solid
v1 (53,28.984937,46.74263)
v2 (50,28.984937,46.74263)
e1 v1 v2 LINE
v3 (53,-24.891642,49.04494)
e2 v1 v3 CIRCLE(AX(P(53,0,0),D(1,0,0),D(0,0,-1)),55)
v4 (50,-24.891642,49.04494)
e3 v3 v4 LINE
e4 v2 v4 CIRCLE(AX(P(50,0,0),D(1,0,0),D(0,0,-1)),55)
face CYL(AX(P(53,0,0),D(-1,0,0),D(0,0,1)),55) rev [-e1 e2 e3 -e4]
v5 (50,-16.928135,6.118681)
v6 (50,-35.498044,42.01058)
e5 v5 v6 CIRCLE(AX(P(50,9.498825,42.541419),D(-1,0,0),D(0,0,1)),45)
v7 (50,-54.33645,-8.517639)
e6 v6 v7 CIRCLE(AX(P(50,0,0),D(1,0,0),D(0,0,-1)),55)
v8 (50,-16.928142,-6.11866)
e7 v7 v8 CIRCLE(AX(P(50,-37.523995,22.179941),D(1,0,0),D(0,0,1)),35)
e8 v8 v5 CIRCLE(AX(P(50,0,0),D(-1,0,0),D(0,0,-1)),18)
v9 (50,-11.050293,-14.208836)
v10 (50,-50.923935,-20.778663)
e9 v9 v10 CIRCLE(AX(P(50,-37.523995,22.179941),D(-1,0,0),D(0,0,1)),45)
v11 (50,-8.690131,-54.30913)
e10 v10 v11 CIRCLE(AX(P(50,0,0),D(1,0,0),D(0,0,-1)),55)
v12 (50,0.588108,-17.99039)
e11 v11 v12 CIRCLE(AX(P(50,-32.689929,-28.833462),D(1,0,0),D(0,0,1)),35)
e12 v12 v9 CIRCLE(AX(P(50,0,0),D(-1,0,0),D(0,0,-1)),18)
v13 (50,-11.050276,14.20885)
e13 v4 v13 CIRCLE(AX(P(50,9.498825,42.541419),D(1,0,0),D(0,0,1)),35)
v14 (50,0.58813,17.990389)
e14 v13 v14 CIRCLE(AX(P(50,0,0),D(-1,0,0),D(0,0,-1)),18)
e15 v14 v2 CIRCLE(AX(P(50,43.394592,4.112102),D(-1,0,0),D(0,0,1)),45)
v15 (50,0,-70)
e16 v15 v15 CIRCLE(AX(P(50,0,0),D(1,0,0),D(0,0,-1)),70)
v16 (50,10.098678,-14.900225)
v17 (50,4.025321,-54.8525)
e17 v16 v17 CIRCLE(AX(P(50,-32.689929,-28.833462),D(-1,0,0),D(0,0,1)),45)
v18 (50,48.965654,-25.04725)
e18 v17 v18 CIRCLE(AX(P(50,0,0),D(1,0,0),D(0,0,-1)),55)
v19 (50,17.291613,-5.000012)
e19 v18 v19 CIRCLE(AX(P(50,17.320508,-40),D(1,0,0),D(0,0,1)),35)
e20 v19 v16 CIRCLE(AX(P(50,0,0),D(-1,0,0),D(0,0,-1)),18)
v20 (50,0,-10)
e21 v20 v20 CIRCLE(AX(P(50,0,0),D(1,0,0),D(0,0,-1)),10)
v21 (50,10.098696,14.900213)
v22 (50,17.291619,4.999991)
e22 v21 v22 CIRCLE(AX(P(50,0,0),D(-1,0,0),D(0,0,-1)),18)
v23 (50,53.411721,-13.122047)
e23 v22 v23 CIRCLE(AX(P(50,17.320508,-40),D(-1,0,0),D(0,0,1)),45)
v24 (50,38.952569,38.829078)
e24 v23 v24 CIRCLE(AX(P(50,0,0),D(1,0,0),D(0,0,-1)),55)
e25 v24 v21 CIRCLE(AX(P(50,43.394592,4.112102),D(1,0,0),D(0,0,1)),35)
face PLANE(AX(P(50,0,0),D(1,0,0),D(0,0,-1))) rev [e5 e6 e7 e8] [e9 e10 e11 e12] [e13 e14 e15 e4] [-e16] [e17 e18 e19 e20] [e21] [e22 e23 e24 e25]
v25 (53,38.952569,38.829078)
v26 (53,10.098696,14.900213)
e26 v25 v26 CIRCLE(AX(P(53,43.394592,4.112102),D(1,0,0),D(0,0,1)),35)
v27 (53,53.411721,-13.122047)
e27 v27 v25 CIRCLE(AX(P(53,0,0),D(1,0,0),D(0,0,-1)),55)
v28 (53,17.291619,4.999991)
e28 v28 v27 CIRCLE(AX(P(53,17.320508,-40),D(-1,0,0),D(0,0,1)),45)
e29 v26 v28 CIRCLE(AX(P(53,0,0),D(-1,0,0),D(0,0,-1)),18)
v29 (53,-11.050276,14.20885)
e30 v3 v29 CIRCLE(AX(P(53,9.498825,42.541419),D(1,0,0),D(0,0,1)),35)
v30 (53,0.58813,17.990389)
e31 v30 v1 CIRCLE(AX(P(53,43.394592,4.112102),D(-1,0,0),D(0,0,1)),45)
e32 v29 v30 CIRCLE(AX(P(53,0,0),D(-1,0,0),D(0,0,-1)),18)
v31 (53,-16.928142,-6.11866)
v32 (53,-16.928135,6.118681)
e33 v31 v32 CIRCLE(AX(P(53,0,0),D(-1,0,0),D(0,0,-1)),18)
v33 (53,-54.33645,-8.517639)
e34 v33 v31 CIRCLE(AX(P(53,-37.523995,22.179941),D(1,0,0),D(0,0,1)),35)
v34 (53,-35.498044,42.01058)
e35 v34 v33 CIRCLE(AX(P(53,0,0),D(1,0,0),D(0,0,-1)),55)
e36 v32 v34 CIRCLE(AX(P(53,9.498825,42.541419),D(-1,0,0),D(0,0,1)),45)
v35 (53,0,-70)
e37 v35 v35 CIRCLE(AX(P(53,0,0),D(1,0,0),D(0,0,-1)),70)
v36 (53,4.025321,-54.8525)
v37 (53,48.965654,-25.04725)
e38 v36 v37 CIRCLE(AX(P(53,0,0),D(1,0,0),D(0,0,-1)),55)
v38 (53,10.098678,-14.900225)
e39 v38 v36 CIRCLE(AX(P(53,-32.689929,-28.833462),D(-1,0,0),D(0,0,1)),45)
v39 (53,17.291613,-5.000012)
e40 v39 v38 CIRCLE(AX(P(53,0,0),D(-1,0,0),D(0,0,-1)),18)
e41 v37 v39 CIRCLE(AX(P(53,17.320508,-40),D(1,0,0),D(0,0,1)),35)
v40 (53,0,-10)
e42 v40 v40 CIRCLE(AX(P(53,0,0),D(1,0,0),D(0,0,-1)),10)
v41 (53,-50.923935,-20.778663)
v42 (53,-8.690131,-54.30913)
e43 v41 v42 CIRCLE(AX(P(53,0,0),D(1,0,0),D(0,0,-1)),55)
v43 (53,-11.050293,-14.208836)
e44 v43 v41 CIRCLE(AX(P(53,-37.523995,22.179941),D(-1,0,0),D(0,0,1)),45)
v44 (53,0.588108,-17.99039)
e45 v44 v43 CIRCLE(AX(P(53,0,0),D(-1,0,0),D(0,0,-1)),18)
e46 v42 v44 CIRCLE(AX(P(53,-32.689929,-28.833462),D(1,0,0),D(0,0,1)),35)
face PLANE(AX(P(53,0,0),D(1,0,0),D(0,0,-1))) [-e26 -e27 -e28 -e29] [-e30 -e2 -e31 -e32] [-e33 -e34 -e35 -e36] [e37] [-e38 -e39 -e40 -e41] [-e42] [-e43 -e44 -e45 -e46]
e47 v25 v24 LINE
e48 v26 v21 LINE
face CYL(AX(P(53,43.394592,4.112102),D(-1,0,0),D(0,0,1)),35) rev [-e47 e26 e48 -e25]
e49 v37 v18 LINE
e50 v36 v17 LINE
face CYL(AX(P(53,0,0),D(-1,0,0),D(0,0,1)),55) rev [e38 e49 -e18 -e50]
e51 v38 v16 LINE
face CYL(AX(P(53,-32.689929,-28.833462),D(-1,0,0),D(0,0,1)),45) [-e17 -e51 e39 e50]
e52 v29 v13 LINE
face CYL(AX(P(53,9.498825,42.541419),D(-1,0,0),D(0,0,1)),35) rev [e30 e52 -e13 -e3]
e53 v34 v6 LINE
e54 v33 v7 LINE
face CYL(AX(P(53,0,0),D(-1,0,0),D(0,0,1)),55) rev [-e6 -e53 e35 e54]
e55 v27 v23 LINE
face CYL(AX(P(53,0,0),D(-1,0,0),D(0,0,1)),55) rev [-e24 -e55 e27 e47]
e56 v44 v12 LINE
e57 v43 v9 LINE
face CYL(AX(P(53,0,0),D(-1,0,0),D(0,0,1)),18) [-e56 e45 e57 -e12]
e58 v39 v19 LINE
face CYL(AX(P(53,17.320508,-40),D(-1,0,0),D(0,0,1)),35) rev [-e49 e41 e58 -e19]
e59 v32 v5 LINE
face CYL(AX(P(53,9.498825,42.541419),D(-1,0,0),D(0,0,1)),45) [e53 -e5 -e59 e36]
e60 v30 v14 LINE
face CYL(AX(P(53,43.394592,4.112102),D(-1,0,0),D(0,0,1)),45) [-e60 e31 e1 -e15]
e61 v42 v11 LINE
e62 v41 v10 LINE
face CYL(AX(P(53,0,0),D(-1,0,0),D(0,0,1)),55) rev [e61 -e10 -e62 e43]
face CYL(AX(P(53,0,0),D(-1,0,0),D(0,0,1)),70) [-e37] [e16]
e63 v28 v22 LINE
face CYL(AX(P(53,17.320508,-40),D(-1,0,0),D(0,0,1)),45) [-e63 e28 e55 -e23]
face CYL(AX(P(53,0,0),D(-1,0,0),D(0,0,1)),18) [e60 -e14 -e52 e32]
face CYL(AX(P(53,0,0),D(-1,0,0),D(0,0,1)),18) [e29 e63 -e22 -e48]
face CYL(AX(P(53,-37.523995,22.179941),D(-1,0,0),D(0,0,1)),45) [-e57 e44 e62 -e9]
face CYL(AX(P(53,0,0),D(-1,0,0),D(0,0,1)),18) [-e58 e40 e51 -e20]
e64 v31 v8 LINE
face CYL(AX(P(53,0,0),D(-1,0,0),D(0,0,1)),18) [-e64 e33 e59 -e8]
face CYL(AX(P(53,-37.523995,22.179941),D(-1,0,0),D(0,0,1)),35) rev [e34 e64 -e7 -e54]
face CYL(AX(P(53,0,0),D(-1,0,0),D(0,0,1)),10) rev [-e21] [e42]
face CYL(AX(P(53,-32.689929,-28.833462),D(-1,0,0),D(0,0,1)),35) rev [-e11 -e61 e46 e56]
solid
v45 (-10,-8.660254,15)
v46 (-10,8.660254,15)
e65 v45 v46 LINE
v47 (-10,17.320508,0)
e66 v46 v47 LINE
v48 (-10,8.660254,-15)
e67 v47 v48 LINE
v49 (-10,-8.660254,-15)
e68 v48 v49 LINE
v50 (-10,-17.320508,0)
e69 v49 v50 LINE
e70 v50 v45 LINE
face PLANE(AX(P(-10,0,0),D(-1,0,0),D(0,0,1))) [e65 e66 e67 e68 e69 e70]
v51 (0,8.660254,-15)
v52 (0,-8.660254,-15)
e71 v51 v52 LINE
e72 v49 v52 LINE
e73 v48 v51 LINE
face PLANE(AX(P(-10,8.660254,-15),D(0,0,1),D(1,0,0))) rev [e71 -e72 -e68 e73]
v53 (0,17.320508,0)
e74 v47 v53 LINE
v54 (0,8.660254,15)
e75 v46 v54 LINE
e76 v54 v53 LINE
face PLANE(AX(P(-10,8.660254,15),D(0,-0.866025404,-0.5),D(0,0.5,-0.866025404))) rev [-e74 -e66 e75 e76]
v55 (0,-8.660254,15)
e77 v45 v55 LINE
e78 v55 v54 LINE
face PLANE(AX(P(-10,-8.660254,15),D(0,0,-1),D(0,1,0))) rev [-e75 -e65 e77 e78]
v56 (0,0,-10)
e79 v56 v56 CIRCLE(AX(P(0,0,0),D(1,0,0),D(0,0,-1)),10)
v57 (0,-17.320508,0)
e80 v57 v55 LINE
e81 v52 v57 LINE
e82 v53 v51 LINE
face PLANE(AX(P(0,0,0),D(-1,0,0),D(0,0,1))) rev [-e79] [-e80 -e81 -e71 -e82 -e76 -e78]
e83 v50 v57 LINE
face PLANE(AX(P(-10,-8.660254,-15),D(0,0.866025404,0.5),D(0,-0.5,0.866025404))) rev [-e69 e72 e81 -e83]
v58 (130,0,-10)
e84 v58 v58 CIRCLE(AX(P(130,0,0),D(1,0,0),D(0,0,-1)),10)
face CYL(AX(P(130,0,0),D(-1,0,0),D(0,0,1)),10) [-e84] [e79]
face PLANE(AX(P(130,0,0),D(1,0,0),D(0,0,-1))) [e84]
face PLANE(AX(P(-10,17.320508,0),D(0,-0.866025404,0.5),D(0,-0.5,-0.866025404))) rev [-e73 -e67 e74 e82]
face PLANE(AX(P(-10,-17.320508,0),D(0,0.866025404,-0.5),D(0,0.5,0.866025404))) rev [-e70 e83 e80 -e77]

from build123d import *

# Parameters (mm, degrees)
SKETCH1_R           = 10
BOSS_EXTRUDE1_DEPTH = 130
BOSS_EXTRUDE2_DEPTH = 10
BOSS_EXTRUDE3_START = 50
SKETCH3_R           = 70
SKETCH3_R_2         = 10
BOSS_EXTRUDE3_DEPTH = 3


with BuildPart() as part:
    # Sketch1 → Boss-Extrude1 (new body)
    with BuildSketch(Plane(origin=(0, 0, 0), x_dir=(0, 0, -1), z_dir=(1, 0, 0))):
        Circle(SKETCH1_R)
    extrude(amount=BOSS_EXTRUDE1_DEPTH)

    # Sketch2 → Boss-Extrude2 (add)
    with BuildSketch(Plane.ZY):
        Polygon((0, 17.320508076), (-15, 8.660254038), (-15, -8.660254038), (0, -17.320508076), (15, -8.660254038), (15, 8.660254038), align=None)
    extrude(amount=BOSS_EXTRUDE2_DEPTH)


with BuildPart() as body_2:
    # Sketch3 → Boss-Extrude3 (new body)
    with BuildSketch(Plane(origin=(0, 0, 0), x_dir=(0, 0, -1), z_dir=(1, 0, 0)).offset(BOSS_EXTRUDE3_START)):
        Circle(SKETCH3_R)
        Circle(SKETCH3_R_2, mode=Mode.SUBTRACT)
        with BuildLine():
            ThreePointArc((13.122046564, 53.411720567), (-14.747190765, 52.986039336), (-38.829078481, 38.952569419))
            ThreePointArc((-38.829078481, 38.952569419), (-31.053051118, 21.052137421), (-14.900212579, 10.098696208))
            ThreePointArc((-14.900212579, 10.098696208), (-10.580125614, 14.562312385), (-4.999990727, 17.291619147))
            ThreePointArc((-4.999990727, 17.291619147), (-0.221575627, 37.50032111), (13.122046564, 53.411720567))
        make_face(mode=Mode.SUBTRACT)
        with BuildLine():
            ThreePointArc((5.000011927, 17.291613017), (10.425851953, 36.038674848), (25.047249846, 48.965654036))
            ThreePointArc((25.047249846, 48.965654036), (45.835585418, 30.398998494), (54.852500281, 4.025321462))
            ThreePointArc((54.852500281, 4.025321462), (35.59645412, 11.798967461), (14.900224961, 10.098677939))
            ThreePointArc((14.900224961, 10.098677939), (10.580143468, 14.562299413), (5.000011927, 17.291613017))
        make_face(mode=Mode.SUBTRACT)
        with BuildLine():
            ThreePointArc((17.990389895, 0.588108357), (37.496581987, 1.220988545), (54.30913021, -8.690130944))
            ThreePointArc((54.30913021, -8.690130944), (43.075140448, -34.198425043), (20.778662977, -50.923935088))
            ThreePointArc((20.778662977, -50.923935088), (22.221394152, -30.208158187), (14.208836193, -11.050292939))
            ThreePointArc((14.208836193, -11.050292939), (17.119013883, -5.562316393), (17.990389895, 0.588108357))
        make_face(mode=Mode.SUBTRACT)
        with BuildLine():
            ThreePointArc((6.118660498, -16.928142063), (12.748310177, -35.284062427), (8.517638523, -54.336450326))
            ThreePointArc((8.517638523, -54.336450326), (-19.213684551, -51.534787532), (-42.010580321, -35.498044187))
            ThreePointArc((-42.010580321, -35.498044187), (-21.862877257, -30.468635958), (-6.118681253, -16.928134561))
            ThreePointArc((-6.118681253, -16.928134561), (-1.1035e-05, -18), (6.118660498, -16.928142063))
        make_face(mode=Mode.SUBTRACT)
        with BuildLine():
            ThreePointArc((-14.208849741, -11.050275519), (-29.617692999, -23.027738386), (-49.044940099, -24.891642186))
            ThreePointArc((-49.044940099, -24.891642186), (-54.949850549, 2.348174745), (-46.742629503, 28.984937246))
            ThreePointArc((-46.742629503, 28.984937246), (-35.733395389, 11.377505574), (-17.990389174, 0.588130414))
            ThreePointArc((-17.990389174, 0.588130414), (-17.119020703, -5.562295404), (-14.208849741, -11.050275519))
        make_face(mode=Mode.SUBTRACT)
    extrude(amount=BOSS_EXTRUDE3_DEPTH)


solid = Compound([part.part, body_2.part])
